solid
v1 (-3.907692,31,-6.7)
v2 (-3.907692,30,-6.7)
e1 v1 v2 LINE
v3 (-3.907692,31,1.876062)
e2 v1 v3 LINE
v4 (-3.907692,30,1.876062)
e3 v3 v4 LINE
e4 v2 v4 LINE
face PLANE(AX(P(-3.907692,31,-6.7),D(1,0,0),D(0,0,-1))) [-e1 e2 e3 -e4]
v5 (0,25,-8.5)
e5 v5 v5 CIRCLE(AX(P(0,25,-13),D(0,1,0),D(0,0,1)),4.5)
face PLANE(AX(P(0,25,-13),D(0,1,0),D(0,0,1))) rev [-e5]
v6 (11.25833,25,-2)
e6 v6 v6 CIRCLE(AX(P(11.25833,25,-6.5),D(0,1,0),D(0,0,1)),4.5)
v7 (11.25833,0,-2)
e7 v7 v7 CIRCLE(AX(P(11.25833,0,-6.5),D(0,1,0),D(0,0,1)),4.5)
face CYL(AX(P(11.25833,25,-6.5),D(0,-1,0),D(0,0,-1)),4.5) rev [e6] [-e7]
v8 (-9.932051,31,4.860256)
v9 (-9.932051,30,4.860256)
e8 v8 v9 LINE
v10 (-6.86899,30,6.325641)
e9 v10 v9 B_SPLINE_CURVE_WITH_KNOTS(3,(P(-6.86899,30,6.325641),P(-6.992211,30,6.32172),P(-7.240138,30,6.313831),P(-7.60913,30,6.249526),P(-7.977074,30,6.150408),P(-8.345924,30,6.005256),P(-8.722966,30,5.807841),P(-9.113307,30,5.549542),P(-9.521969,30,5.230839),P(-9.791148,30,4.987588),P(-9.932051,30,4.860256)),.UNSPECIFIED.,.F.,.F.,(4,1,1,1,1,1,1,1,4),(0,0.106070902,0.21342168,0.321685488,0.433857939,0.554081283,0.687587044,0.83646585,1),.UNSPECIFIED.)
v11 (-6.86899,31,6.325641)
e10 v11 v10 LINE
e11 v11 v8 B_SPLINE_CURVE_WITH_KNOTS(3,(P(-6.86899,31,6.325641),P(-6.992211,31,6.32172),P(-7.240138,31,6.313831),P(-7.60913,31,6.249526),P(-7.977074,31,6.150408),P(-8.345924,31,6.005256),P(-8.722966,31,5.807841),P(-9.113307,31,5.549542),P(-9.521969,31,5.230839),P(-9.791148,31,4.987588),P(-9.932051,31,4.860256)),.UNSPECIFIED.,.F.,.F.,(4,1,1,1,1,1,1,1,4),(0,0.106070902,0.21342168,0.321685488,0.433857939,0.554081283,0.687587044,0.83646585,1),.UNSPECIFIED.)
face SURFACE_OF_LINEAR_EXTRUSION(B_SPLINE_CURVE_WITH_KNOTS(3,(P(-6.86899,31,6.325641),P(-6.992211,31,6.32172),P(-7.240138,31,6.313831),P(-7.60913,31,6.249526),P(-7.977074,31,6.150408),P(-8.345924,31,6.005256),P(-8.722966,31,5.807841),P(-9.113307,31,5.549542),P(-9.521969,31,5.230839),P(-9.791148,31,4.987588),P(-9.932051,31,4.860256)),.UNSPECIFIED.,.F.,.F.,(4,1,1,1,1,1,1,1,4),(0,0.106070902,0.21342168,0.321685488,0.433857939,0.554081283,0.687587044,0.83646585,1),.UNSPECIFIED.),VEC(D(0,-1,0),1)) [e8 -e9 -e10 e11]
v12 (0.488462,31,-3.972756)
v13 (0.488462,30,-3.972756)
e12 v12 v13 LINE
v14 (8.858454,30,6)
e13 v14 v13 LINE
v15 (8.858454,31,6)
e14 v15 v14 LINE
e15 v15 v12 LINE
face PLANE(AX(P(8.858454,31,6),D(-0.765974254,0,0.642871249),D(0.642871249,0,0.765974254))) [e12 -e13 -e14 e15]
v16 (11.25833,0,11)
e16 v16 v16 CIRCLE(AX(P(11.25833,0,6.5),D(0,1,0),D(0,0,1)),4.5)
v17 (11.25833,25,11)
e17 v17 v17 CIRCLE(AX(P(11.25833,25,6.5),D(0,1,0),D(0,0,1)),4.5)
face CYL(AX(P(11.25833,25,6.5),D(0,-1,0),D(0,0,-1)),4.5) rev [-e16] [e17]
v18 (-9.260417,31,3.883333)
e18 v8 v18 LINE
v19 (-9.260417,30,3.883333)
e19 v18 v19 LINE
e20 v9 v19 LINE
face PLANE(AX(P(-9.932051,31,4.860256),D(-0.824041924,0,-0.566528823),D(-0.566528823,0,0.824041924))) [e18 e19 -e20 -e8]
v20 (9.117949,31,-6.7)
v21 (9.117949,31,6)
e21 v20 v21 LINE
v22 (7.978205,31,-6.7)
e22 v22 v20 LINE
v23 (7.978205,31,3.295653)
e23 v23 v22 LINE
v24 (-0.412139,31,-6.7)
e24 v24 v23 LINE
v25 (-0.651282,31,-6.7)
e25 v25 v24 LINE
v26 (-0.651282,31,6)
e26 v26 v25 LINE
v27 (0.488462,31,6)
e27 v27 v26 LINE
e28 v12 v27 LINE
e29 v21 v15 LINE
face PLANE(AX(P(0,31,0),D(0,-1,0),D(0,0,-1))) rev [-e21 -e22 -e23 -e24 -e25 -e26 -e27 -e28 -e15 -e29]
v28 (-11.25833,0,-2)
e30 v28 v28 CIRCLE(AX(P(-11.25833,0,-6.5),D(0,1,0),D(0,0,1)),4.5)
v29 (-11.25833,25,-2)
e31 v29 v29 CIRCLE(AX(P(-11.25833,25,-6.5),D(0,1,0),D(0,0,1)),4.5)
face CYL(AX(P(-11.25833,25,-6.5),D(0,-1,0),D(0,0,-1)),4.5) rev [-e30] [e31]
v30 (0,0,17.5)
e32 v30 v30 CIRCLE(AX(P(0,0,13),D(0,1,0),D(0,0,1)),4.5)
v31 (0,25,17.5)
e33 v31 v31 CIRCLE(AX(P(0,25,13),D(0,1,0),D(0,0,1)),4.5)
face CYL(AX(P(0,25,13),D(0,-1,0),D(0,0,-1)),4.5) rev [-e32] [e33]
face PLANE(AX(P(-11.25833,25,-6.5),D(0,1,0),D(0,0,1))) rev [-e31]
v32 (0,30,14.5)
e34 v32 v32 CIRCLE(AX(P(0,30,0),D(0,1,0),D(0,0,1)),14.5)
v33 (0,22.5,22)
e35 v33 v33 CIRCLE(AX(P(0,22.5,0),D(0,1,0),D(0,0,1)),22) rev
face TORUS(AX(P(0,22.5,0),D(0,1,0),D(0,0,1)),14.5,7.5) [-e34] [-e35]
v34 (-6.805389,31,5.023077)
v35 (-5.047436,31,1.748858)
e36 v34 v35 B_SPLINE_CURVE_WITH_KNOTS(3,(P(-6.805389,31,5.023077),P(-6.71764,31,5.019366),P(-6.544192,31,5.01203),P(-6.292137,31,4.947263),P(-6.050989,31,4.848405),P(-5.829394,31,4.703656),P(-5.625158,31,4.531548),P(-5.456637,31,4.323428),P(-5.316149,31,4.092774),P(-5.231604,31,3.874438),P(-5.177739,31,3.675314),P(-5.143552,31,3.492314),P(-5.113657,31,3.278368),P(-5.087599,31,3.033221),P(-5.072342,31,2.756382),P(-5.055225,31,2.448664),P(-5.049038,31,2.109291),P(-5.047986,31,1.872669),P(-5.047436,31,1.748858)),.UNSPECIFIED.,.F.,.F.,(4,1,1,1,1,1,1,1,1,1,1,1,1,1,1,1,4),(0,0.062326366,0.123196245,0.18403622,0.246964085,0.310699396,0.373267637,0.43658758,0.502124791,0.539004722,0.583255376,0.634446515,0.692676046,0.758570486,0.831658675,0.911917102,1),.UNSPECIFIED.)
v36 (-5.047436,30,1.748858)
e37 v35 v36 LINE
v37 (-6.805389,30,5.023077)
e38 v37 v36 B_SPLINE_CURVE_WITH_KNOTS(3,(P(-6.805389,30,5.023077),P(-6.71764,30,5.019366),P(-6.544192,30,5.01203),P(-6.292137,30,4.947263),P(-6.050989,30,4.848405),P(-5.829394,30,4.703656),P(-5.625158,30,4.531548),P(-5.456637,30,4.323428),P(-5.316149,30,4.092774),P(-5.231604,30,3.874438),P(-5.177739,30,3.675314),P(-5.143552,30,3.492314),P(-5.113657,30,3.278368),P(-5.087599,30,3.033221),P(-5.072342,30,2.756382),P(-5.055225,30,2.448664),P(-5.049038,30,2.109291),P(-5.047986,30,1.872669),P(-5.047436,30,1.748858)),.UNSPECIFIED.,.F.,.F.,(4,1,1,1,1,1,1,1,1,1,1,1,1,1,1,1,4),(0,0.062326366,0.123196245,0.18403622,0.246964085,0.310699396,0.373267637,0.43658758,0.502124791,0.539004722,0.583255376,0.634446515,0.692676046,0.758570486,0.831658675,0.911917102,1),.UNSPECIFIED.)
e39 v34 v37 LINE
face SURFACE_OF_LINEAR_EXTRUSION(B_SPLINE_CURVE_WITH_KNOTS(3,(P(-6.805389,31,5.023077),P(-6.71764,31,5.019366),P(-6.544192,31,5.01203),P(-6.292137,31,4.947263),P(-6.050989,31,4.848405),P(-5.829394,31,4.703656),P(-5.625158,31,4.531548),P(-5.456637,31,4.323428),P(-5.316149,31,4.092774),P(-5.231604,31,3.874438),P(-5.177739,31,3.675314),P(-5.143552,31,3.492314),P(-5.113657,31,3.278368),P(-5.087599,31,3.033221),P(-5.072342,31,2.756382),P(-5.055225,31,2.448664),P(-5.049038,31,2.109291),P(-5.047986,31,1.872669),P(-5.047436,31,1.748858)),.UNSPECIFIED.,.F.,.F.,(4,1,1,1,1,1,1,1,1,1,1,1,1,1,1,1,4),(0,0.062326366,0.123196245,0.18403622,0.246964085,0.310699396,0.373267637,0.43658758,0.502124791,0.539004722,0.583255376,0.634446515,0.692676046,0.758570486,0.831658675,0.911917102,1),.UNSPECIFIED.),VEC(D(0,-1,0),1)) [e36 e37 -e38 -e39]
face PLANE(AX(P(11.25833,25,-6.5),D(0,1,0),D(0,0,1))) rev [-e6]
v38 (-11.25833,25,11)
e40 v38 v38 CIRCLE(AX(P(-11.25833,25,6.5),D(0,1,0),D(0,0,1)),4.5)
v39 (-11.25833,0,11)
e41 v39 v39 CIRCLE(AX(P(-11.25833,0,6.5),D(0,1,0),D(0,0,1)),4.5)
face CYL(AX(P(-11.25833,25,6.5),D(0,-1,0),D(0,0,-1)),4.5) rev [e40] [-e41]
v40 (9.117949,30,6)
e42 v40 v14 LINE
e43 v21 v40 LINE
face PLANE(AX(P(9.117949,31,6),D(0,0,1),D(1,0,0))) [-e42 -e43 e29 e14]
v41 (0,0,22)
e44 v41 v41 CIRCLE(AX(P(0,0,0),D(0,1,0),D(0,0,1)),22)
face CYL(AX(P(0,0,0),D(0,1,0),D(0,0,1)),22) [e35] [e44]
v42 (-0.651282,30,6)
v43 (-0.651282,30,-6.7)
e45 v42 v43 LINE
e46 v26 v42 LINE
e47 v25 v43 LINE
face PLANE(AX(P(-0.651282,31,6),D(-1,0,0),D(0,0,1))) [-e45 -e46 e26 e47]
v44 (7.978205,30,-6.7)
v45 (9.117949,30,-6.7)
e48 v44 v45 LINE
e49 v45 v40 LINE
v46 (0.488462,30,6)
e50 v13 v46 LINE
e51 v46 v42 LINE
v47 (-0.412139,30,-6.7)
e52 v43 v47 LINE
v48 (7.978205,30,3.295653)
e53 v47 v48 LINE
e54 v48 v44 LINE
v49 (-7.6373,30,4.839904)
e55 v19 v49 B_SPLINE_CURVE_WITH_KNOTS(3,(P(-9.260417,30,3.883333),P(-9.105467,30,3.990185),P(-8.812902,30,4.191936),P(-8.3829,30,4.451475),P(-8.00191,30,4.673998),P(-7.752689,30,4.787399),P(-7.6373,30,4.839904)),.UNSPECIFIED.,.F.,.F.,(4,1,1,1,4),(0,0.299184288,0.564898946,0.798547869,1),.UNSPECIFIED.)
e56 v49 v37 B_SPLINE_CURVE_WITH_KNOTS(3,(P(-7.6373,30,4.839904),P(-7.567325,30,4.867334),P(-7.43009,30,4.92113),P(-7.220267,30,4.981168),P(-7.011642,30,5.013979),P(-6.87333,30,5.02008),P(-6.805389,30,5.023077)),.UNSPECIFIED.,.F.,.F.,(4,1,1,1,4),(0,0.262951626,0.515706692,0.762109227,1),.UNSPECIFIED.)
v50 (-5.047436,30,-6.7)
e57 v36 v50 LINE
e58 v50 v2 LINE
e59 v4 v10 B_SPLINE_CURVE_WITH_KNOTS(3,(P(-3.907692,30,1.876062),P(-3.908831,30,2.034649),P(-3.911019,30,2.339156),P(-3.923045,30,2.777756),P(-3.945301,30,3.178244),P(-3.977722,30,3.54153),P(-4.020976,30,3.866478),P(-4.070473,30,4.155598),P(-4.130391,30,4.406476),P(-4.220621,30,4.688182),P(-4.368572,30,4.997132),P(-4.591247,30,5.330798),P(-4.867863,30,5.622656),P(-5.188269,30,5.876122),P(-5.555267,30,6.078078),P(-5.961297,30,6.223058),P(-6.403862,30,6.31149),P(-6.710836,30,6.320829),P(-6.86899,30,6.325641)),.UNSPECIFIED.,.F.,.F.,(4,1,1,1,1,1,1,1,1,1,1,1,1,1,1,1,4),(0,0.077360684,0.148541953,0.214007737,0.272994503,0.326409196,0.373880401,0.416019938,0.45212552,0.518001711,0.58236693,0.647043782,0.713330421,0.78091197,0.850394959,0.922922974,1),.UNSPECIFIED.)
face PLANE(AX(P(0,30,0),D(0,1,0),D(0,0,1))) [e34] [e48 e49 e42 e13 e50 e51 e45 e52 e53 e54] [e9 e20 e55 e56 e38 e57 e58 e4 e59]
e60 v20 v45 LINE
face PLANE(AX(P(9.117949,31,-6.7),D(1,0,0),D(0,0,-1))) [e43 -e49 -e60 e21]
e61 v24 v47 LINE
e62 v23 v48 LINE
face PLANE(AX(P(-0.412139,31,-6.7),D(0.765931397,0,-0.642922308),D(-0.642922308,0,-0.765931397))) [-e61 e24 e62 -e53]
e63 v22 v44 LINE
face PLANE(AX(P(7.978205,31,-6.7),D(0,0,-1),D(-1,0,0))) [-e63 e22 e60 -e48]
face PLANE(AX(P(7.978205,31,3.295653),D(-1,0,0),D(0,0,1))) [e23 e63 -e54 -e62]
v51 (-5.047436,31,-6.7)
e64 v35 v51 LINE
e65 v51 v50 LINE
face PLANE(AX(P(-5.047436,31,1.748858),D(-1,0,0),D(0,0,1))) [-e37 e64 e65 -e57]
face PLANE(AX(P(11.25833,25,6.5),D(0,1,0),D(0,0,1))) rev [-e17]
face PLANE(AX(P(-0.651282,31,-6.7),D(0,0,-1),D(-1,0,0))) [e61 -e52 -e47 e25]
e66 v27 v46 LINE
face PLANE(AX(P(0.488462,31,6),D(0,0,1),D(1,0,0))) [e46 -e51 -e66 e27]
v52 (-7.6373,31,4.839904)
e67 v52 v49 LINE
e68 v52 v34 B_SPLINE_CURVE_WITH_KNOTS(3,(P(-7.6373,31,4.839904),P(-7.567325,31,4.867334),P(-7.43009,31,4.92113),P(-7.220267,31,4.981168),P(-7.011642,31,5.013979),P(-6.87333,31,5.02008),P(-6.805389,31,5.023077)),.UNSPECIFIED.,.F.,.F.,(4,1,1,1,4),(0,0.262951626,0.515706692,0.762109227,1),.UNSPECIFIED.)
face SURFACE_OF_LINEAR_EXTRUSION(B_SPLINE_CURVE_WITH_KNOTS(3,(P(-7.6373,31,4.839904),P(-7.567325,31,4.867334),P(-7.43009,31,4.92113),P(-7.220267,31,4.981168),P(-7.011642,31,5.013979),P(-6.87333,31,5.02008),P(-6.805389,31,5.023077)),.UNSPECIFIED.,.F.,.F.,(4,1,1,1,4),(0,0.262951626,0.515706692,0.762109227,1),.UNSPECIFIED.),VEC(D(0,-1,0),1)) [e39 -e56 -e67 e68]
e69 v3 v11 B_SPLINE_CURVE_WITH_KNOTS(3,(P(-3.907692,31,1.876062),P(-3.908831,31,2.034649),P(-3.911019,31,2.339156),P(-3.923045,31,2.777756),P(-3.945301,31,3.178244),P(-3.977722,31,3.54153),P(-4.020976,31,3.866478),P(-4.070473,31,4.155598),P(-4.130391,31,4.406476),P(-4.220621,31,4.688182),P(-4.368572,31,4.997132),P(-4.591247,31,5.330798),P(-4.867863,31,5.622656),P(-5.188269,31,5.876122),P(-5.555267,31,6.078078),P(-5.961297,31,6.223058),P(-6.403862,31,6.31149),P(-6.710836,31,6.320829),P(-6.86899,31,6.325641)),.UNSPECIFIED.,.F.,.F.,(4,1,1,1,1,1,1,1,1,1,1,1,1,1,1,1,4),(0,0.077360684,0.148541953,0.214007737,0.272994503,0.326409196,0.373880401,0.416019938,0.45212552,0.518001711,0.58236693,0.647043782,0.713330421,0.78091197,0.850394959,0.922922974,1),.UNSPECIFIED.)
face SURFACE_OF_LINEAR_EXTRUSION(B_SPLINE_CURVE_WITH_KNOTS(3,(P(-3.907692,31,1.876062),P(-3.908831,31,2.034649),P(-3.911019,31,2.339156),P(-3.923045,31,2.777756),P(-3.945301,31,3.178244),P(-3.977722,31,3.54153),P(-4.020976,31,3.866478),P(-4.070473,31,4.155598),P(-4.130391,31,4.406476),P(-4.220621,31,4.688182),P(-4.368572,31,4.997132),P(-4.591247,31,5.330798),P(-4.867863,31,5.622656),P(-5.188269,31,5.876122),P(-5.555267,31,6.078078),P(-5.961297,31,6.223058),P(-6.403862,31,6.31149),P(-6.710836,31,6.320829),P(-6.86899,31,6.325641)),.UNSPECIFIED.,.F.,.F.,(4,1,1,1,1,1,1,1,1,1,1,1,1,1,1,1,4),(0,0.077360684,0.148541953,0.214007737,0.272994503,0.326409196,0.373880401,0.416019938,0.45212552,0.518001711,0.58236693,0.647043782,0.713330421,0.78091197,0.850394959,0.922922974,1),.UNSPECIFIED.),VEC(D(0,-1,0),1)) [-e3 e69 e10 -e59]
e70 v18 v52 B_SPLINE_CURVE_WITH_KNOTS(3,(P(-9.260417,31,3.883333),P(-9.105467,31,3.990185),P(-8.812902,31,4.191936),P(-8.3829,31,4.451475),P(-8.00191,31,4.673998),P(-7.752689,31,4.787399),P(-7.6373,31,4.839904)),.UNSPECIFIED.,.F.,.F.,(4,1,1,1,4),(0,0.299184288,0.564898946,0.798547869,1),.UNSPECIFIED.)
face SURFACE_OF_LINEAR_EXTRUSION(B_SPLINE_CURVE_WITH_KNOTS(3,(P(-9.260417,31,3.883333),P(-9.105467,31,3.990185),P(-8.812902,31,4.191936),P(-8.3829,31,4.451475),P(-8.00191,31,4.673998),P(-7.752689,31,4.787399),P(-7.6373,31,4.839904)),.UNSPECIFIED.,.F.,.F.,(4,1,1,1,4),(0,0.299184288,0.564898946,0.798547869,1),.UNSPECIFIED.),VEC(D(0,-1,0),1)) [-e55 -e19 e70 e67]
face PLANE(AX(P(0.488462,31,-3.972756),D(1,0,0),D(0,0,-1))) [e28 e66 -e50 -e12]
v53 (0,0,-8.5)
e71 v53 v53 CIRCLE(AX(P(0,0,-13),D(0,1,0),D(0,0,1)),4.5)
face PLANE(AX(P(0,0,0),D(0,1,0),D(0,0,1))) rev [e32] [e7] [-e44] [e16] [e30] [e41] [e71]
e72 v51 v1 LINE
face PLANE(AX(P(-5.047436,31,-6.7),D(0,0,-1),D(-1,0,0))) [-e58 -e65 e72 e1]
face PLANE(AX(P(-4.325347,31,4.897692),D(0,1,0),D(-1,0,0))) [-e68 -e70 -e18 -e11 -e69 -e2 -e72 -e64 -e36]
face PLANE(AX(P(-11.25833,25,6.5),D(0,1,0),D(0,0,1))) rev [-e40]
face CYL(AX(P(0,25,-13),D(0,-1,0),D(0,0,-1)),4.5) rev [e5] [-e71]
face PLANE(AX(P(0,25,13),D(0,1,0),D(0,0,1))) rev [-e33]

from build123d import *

# Parameters (mm, degrees)
SKETCH2_R           = 22
BOSS_EXTRUDE3_DEPTH = 30
SKETCH1_R           = 4.5
CUT_EXTRUDE2_DEPTH  = 25
FILLET1_R           = 7.5
BOSS_EXTRUDE4_DEPTH = 1


with BuildPart() as part:
    # Sketch2 → Boss-Extrude3 (new body)
    with BuildSketch(Plane(origin=(0, 30, 0), x_dir=(1, 0, 0), z_dir=(0, 1, 0))):
        with Locations(Location((0, 0, 0), (0, 0, 270))):
            Circle(SKETCH2_R)
    extrude(amount=-BOSS_EXTRUDE3_DEPTH)

    # Sketch1 → Cut-Extrude2 (cut)
    with BuildSketch(Plane(origin=(0, 0, 0), x_dir=(1, 0, 0), z_dir=(0, 1, 0))):
        with Locations(Location((0, 13, 0), (0, 0, 270))):
            Circle(SKETCH1_R)
        with Locations(Location((-11.258330249, 6.5, 0), (0, 0, 270))):
            Circle(SKETCH1_R)
        with Locations(Location((-11.258330249, -6.5, 0), (0, 0, 270))):
            Circle(SKETCH1_R)
        with Locations(Location((11.258330249, 6.5, 0), (0, 0, 270))):
            Circle(SKETCH1_R)
        with Locations(Location((11.258330249, -6.5, 0), (0, 0, 270))):
            Circle(SKETCH1_R)
        with Locations(Location((0, -13, 0), (0, 0, 270))):
            Circle(SKETCH1_R)
    extrude(amount=CUT_EXTRUDE2_DEPTH, mode=Mode.SUBTRACT)

    # Fillet1
    fillet1_edges = [part.edges().sort_by_distance(p)[0] for p in [
        (0, 30, -22),
    ]]
    fillet(fillet1_edges, radius=FILLET1_R)

    # Sketch3 → Boss-Extrude4 (add)
    with BuildSketch(Plane(origin=(0, 30, 0), x_dir=(1, 0, 0), z_dir=(0, 1, 0))):
        with BuildLine():
            Line((-5.047435897, 6.7), (-3.907692308, 6.7))
            Line((-3.907692308, 6.7), (-3.907692308, -1.876061699))
            add(Edge.make_bspline(
                [(-3.907692308, -1.876061699), (-3.908831384, -2.034649033), (-3.911018549, -2.339156067), (-3.923045124, -2.777755632), (-3.945300887, -3.17824355), (-3.977722218, -3.541530486), (-4.020975634, -3.86647833), (-4.070473079, -4.155597886), (-4.130390949, -4.406476162), (-4.220620698, -4.688181596), (-4.368571883, -4.997131973), (-4.591246564, -5.330797805), (-4.867862712, -5.622656181), (-5.188269318, -5.876121783), (-5.555266748, -6.078078021), (-5.961297429, -6.22305824), (-6.403861903, -6.311489634), (-6.710836188, -6.320829233), (-6.868990385, -6.325641026)],
                knots=[0, 0, 0, 0, 1.237770943, 2.376671248, 3.424123796, 4.367912054, 5.222547132, 5.982086412, 6.656319012, 7.234008312, 8.288027371, 9.317870876, 10.352700517, 11.413286737, 12.494591526, 13.606319346, 14.766767577, 16, 16, 16, 16], degree=3))
            add(Edge.make_bspline(
                [(-6.868990385, -6.325641026), (-6.992210713, -6.321719958), (-7.240138175, -6.313830511), (-7.609130176, -6.249526009), (-7.977074488, -6.150407795), (-8.345924031, -6.00525552), (-8.722966135, -5.80784092), (-9.113307336, -5.549541728), (-9.521968629, -5.230838761), (-9.791147982, -4.987587513), (-9.932051282, -4.86025641)],
                knots=[0, 0, 0, 0, 0.848567217, 1.707373443, 2.573483905, 3.470863513, 4.432650262, 5.500696352, 6.691726801, 8, 8, 8, 8], degree=3))
            Line((-9.932051282, -4.86025641), (-9.260416667, -3.883333333))
            add(Edge.make_bspline(
                [(-9.260416667, -3.883333333), (-9.105466946, -3.990185314), (-8.812901668, -4.191935786), (-8.38289984, -4.451475164), (-8.00191017, -4.673997908), (-7.75268919, -4.787399035), (-7.637299679, -4.839903846)],
                knots=[0, 0, 0, 0, 1.196737151, 2.259595785, 3.194191475, 4, 4, 4, 4], degree=3))
            add(Edge.make_bspline(
                [(-7.637299679, -4.839903846), (-7.567325178, -4.867333877), (-7.430089597, -4.921130276), (-7.220267165, -4.98116825), (-7.011642317, -5.01397928), (-6.873329542, -5.020080117), (-6.805388622, -5.023076923)],
                knots=[0, 0, 0, 0, 1.051806502, 2.062826769, 3.048436908, 4, 4, 4, 4], degree=3))
            add(Edge.make_bspline(
                [(-6.805388622, -5.023076923), (-6.717639647, -5.019365856), (-6.544192277, -5.012030446), (-6.292137213, -4.947263075), (-6.050989499, -4.848404813), (-5.829393884, -4.703656404), (-5.625158337, -4.531548106), (-5.456637227, -4.323427732), (-5.31614894, -4.092774019), (-5.231604338, -3.8744376), (-5.177739023, -3.675313828), (-5.143551977, -3.492313592), (-5.113657409, -3.278367655), (-5.087598635, -3.033220643), (-5.072342413, -2.756381753), (-5.055225452, -2.448663863), (-5.049037791, -2.109291153), (-5.047986155, -1.872668556), (-5.047435897, -1.748858173)],
                knots=[0, 0, 0, 0, 0.997221856, 1.971139923, 2.944579524, 3.951425367, 4.971190333, 5.972282193, 6.985401279, 8.033996657, 8.624075553, 9.332086008, 10.151144245, 11.082816738, 12.137127781, 13.306538797, 14.590673636, 16, 16, 16, 16], degree=3))
            Line((-5.047435897, -1.748858173), (-5.047435897, 6.7))
        make_face()
        Polygon((-0.651282051, -6), (-0.651282051, 6.7), (-0.412139423, 6.7), (7.978205128, -3.295653045), (7.978205128, 6.7), (9.117948718, 6.7), (9.117948718, -6), (8.858453526, -6), (0.488461538, 3.97275641), (0.488461538, -6), align=None)
    extrude(amount=BOSS_EXTRUDE4_DEPTH)


solid = part.part
